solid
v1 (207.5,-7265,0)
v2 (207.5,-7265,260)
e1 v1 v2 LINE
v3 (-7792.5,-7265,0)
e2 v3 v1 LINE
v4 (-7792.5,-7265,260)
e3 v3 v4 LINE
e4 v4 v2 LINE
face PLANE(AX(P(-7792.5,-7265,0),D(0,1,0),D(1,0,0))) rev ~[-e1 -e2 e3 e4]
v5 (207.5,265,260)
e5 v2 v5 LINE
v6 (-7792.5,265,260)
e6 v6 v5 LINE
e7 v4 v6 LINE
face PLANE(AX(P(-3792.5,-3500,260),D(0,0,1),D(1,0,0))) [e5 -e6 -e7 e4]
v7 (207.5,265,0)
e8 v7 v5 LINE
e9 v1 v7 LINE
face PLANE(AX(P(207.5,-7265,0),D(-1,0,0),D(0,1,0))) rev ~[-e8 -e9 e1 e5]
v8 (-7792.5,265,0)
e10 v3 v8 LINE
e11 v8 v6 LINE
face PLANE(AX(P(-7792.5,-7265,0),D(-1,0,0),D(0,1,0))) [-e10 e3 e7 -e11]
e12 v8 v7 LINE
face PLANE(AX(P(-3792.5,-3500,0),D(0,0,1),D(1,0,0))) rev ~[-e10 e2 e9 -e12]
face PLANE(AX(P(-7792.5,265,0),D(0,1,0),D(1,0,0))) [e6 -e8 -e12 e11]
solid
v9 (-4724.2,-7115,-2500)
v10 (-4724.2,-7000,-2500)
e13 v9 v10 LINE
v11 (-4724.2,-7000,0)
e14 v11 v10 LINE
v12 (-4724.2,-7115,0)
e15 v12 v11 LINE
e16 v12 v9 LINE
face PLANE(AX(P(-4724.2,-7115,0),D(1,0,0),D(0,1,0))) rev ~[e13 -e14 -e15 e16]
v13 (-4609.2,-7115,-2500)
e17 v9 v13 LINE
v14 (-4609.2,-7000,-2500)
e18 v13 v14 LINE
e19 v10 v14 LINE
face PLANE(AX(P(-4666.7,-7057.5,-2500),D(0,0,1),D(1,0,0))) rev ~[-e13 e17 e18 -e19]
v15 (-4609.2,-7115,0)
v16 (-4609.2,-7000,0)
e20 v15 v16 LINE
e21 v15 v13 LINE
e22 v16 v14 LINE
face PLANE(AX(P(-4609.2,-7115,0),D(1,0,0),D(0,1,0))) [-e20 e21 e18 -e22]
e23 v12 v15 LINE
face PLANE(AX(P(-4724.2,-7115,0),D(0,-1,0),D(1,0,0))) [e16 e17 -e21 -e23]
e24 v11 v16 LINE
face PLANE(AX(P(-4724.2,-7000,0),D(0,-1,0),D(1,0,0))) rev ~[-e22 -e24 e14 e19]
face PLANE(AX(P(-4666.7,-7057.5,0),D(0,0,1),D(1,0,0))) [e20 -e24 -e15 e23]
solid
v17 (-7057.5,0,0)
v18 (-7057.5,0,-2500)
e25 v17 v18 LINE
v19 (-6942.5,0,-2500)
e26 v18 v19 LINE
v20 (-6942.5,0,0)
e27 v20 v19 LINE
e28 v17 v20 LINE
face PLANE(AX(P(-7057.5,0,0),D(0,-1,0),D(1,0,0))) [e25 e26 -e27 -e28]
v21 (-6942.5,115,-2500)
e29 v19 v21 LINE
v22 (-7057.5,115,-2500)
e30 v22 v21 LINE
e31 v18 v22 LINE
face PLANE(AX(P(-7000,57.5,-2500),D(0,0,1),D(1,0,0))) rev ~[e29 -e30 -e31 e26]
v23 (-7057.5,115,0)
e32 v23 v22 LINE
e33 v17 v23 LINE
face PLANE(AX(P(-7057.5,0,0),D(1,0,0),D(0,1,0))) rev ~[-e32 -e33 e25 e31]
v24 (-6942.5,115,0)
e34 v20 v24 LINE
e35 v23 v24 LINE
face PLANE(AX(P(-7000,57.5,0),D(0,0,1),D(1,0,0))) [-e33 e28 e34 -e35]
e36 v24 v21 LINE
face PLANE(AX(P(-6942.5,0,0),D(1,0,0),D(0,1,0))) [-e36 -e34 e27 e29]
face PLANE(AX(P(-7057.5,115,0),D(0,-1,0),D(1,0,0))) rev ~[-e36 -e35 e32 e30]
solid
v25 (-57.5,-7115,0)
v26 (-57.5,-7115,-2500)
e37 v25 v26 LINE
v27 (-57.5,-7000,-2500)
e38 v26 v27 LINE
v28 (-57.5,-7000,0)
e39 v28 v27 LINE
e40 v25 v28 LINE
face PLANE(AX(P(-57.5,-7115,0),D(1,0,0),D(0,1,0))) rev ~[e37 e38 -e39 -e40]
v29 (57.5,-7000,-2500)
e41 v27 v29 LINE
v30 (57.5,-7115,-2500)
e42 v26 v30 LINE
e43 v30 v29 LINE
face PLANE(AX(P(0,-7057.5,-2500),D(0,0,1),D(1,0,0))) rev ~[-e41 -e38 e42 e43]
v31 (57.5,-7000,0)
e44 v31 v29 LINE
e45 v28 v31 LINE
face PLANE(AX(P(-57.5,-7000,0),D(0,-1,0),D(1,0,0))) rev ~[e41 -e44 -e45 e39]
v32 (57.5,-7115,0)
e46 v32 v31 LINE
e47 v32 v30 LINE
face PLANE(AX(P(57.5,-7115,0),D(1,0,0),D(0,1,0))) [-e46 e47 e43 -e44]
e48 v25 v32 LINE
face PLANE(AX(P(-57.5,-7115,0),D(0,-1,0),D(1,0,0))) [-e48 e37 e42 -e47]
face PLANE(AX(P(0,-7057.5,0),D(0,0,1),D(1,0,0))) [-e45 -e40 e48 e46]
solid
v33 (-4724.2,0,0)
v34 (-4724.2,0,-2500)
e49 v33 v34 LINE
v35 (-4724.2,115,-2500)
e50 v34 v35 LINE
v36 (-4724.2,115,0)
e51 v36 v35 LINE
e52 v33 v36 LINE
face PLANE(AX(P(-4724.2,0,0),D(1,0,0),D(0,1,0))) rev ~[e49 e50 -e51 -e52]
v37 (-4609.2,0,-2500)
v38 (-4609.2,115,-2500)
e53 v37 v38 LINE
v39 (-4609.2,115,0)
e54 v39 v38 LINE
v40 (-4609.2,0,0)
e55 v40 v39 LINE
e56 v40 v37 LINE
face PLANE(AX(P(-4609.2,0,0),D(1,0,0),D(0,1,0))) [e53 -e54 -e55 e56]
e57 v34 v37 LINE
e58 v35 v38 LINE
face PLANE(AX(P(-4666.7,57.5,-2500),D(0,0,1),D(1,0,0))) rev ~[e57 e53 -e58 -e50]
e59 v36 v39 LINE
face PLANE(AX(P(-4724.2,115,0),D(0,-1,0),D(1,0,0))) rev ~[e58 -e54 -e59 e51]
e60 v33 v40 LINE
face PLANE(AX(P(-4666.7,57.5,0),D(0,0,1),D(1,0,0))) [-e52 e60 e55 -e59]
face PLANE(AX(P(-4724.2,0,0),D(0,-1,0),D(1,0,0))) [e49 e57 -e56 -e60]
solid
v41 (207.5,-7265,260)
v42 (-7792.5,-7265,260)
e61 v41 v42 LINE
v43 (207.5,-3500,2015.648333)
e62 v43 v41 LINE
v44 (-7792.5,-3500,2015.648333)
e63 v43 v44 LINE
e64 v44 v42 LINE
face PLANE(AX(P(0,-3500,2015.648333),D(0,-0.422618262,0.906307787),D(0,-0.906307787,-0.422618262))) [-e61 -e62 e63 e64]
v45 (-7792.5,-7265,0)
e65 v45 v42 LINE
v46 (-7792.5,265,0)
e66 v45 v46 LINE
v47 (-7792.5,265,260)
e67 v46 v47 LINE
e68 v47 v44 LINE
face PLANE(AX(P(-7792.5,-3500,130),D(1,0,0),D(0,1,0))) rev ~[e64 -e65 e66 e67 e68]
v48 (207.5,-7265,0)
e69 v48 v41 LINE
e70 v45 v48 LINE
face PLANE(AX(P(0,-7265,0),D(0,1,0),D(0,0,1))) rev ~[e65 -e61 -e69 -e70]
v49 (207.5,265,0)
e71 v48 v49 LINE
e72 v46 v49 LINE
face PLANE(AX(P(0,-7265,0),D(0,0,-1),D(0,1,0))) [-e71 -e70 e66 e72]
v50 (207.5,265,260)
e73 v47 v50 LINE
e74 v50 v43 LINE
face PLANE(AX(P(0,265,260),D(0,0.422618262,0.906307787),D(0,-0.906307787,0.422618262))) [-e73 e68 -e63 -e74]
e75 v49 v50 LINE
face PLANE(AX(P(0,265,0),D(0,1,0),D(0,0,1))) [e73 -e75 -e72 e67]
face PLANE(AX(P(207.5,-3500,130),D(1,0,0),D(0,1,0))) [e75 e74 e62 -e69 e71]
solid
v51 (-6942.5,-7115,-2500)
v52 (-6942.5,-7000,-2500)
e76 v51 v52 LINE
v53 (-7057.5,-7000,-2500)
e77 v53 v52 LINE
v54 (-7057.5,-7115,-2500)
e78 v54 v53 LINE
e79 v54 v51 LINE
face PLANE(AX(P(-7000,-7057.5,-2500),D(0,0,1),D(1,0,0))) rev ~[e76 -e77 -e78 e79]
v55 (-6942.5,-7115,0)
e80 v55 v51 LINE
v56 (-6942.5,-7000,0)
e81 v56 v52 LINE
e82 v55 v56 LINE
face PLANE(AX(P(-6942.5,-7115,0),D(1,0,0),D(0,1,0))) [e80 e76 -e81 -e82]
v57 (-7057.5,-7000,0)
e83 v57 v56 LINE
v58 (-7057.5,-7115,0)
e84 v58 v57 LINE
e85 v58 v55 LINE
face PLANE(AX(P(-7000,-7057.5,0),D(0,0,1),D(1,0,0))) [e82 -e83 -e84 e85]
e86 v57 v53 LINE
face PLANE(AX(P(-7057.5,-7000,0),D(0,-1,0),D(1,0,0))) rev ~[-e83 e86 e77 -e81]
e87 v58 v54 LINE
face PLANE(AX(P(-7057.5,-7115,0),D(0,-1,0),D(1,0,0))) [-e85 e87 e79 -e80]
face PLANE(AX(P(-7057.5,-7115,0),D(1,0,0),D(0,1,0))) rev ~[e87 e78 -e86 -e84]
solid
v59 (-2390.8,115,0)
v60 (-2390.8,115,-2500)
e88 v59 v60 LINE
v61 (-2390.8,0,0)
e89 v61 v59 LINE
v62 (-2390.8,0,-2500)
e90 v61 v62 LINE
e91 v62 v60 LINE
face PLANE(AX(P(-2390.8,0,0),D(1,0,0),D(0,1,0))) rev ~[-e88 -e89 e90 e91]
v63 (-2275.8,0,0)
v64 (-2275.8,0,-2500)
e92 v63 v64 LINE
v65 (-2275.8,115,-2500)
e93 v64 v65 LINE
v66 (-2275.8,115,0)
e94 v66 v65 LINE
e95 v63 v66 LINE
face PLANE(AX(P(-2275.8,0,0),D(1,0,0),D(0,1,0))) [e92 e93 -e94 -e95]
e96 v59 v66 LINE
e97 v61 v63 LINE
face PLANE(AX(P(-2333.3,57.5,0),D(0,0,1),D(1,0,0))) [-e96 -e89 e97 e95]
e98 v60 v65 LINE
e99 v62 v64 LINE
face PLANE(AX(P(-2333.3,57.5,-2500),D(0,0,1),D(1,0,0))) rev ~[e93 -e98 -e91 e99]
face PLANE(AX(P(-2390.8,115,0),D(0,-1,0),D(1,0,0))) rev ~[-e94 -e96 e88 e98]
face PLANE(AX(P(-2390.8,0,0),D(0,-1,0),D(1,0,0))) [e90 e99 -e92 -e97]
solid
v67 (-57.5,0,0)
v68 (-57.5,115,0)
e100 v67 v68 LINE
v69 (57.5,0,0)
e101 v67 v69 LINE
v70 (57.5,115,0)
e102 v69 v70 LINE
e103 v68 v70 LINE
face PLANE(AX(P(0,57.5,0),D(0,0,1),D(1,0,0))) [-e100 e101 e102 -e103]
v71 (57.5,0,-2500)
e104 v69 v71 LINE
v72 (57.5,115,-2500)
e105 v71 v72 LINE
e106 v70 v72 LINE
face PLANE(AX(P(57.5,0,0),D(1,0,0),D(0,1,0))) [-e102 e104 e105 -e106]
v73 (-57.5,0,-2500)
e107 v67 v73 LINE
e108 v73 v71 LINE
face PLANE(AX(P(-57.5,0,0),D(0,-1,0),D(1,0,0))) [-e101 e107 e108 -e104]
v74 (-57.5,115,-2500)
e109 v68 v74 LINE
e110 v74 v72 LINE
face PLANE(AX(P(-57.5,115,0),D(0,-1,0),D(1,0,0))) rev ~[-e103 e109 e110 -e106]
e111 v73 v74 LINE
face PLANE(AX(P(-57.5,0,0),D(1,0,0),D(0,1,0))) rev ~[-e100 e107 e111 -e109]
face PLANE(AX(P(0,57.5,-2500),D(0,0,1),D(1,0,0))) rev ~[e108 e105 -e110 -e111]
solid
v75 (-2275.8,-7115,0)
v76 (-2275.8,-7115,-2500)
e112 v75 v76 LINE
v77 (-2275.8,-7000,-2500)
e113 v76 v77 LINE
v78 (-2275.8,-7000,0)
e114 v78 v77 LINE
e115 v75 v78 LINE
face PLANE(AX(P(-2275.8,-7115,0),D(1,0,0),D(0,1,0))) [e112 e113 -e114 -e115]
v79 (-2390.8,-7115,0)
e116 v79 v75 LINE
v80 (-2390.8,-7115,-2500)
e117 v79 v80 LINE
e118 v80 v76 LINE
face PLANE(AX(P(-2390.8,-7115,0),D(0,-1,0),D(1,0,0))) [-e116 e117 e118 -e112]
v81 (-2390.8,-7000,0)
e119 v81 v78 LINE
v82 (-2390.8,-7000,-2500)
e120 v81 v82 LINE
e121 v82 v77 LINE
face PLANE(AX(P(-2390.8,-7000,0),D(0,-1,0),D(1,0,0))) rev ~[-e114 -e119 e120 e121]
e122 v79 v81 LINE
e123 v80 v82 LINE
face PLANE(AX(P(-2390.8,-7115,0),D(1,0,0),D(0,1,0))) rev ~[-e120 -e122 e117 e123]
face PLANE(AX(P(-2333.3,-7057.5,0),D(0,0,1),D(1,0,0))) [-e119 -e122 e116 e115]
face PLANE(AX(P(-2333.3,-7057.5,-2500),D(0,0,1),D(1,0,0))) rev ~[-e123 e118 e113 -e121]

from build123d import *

# Parameters (mm, degrees)
F0_W          = 115
F0_H          = 115
F2_DEPTH      = 2500
F1_W          = 8000
F1_H          = 7530
F4_DEPTH      = 260
F3_W          = 7530
F3_H          = 260
F5_DEPTH      = 207.5
F5_DEPTH_BACK = 7792.5


with BuildPart() as f2:
    # F0 (on Top) → F2 (new body)
    with BuildSketch(Plane.XY):
        with Locations((0, 57.5)):
            Rectangle(F0_W, F0_H)
        with Locations((-2333.3, 57.5)):
            Rectangle(F0_W, F0_H)
        with Locations((-4666.7, 57.5)):
            Rectangle(F0_W, F0_H)
        with Locations((-7000, 57.5)):
            Rectangle(F0_W, F0_H)
        with Locations((-4666.7, -7057.5)):
            Rectangle(F0_W, F0_H)
        with Locations((0, -7057.5)):
            Rectangle(F0_W, F0_H)
        with Locations((-2333.3, -7057.5)):
            Rectangle(F0_W, F0_H)
        with Locations((-7000, -7057.5)):
            Rectangle(F0_W, F0_H)
    extrude(amount=-F2_DEPTH)


with BuildPart() as f4:
    # F1 (on Top) → F4 (new body)
    with BuildSketch(Plane.XY):
        with Locations((-3792.5, -3500)):
            Rectangle(F1_W, F1_H)
    extrude(amount=F4_DEPTH)


with BuildPart() as f5:
    # F3 (on Right) → F5 (new body, two sides)
    with BuildSketch(Plane.YZ) as f5_sk:
        with Locations((-3500, 130)):
            Rectangle(F3_W, F3_H)
        Polygon((-3500, 2015.648333), (-7265, 260), (265, 260), align=None)
    extrude(amount=F5_DEPTH)
    extrude(f5_sk.sketch, amount=-F5_DEPTH_BACK)


solid = Compound([f2.part, f4.part, f5.part])
